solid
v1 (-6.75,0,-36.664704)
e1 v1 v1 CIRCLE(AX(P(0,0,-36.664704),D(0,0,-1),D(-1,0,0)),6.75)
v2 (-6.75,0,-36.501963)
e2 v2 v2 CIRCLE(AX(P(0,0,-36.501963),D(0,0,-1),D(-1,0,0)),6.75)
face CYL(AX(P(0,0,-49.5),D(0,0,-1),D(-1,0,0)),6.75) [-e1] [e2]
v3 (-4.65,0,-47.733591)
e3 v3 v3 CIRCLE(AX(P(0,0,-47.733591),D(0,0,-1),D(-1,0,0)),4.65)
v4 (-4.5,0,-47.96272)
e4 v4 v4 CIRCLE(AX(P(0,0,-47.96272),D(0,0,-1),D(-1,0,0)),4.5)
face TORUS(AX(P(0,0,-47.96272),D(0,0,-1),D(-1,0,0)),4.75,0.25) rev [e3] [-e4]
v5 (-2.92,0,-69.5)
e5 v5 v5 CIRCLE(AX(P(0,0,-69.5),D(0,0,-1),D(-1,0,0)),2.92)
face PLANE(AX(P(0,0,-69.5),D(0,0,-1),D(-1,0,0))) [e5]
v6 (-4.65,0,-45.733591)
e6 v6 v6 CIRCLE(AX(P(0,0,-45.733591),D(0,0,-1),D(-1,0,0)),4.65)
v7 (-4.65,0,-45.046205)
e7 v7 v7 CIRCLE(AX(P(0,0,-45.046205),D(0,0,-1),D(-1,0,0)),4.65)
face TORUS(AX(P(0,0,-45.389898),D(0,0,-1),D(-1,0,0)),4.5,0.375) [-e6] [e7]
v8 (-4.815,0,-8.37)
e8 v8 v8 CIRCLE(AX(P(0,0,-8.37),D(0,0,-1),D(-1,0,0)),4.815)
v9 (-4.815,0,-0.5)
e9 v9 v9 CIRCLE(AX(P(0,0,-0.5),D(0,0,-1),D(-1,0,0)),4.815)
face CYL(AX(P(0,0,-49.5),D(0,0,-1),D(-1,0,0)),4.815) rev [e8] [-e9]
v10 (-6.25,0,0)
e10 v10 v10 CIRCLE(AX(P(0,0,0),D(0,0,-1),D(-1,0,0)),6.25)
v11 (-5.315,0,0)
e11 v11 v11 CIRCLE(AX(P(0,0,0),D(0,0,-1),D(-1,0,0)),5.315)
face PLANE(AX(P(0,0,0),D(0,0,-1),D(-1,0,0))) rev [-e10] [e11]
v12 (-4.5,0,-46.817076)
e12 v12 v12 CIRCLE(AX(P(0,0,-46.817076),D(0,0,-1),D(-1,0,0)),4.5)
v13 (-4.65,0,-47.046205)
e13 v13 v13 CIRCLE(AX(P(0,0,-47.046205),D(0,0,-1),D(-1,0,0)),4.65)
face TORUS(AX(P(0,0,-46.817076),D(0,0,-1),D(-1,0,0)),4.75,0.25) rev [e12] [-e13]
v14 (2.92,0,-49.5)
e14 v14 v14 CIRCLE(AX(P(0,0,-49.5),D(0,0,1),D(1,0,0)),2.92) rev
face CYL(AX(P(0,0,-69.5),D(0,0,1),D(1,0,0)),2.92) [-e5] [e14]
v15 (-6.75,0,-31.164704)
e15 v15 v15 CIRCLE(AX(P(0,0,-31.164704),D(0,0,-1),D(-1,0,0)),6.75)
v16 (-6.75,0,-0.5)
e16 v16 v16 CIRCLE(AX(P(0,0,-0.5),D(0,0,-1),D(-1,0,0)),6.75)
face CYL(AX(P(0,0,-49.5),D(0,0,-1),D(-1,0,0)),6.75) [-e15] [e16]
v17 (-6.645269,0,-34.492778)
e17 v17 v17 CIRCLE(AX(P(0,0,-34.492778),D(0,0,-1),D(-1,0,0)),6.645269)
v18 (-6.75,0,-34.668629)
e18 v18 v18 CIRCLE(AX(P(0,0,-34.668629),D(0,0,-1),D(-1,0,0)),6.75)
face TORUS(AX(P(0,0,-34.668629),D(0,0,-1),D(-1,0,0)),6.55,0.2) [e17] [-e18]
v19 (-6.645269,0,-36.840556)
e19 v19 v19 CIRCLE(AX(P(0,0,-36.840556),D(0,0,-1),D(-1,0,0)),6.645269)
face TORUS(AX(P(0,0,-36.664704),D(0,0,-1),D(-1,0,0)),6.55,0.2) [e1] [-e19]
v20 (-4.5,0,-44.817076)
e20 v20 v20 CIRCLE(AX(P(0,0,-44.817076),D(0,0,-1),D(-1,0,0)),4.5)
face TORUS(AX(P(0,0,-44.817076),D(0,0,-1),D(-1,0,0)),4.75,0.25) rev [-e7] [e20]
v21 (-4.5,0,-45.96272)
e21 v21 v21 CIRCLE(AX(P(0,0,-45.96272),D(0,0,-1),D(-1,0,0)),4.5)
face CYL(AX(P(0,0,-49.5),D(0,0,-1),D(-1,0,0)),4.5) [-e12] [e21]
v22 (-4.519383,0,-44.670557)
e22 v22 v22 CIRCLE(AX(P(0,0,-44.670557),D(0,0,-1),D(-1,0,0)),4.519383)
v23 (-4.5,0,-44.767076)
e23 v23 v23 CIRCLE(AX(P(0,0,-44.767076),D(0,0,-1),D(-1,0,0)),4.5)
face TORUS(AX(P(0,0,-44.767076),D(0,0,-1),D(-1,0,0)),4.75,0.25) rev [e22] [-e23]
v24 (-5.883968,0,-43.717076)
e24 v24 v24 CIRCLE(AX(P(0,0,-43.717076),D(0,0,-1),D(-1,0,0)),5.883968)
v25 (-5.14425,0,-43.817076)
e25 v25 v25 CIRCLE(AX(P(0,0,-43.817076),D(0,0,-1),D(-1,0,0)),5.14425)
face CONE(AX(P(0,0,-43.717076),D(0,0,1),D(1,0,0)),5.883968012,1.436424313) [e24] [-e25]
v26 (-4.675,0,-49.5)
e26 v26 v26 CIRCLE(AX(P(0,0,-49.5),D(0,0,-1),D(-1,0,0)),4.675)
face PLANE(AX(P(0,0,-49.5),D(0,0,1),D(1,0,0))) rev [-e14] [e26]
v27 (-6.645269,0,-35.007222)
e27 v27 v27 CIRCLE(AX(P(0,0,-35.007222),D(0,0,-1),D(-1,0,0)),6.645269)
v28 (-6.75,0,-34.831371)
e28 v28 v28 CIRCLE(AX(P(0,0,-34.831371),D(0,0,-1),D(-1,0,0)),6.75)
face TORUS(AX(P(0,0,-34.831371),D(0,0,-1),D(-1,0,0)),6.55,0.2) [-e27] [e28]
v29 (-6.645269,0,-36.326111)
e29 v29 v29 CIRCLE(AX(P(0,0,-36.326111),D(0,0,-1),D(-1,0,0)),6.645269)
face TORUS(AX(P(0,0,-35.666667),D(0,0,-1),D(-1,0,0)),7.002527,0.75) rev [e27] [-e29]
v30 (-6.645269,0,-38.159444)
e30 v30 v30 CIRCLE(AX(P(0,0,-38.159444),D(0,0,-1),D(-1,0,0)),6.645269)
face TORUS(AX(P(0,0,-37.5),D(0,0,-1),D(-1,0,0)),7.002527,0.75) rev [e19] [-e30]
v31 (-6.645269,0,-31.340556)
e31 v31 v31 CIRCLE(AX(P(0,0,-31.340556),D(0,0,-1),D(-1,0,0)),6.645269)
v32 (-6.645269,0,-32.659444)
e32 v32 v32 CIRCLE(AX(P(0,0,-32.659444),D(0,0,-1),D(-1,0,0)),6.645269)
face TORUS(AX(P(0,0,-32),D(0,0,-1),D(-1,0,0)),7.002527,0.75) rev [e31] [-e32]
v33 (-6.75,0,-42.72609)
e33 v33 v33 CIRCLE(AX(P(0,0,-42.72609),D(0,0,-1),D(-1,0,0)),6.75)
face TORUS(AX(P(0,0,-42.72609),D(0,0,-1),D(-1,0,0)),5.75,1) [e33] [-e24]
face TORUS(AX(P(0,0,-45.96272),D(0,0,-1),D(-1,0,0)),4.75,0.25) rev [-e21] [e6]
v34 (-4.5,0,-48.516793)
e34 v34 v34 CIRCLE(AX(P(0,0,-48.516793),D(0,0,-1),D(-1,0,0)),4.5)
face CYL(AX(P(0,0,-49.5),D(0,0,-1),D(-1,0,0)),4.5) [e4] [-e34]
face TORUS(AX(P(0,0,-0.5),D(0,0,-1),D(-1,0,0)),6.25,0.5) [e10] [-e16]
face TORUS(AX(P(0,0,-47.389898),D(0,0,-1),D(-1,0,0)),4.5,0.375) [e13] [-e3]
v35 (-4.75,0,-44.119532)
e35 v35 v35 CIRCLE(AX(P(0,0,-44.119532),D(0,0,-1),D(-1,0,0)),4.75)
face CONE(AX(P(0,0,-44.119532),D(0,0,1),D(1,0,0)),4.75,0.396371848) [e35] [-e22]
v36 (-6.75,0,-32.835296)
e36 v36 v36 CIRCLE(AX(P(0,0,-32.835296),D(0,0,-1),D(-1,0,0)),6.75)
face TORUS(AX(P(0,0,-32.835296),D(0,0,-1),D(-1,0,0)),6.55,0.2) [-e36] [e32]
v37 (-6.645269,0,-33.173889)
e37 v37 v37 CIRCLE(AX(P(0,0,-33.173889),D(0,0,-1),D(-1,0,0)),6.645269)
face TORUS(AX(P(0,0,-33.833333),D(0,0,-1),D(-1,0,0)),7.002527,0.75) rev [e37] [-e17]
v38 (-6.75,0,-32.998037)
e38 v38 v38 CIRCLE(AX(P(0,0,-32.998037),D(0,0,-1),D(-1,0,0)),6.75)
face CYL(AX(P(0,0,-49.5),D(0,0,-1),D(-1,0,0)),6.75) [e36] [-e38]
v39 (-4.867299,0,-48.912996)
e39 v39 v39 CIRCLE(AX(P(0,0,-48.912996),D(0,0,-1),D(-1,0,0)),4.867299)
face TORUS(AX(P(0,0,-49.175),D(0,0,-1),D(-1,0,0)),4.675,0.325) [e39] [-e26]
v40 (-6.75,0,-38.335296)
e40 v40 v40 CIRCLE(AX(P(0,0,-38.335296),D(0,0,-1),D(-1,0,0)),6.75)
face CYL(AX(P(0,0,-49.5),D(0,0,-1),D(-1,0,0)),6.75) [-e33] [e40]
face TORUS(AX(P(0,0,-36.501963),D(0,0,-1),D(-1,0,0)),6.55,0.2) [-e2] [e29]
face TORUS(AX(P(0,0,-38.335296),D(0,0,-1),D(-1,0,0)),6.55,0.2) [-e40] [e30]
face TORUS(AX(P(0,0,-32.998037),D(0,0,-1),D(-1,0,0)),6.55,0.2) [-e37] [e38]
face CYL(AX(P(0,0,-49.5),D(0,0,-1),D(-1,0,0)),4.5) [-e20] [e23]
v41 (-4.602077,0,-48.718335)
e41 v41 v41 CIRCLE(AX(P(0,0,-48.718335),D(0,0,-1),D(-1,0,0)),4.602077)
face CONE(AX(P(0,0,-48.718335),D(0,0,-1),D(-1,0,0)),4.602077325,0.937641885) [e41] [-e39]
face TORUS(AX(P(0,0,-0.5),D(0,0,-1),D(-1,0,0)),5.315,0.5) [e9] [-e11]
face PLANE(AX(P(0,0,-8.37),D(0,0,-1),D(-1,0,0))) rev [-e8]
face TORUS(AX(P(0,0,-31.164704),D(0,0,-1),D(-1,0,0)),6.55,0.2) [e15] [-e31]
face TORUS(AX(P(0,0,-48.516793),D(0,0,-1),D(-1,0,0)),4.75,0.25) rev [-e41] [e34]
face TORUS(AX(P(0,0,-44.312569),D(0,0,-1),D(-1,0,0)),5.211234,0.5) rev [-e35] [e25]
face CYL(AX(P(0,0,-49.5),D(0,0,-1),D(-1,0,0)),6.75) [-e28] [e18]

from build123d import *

# Parameters (mm, degrees)
SKETCH2_R           = 2.92
BOSS_EXTRUDE1_DEPTH = 20


with BuildPart() as part:
    # Sketch1 → Revolve1 (revolve)
    with BuildSketch(Plane(origin=(0, 0, 0), x_dir=(0, 0, -1), z_dir=(1, 0, 0)), mode=Mode.PRIVATE) as revolve1_sk:
        with BuildLine():
            Line((0, 6.25), (0, 5.315))
            ThreePointArc((0, 5.315), (0.146446609, 4.961446609), (0.5, 4.815))
            Line((0.5, 4.815), (8.37, 4.815))
            Line((8.37, 4.815), (8.37, 0))
            Line((8.37, 0), (49.5, 0))
            Line((49.5, 0), (49.5, 4.675))
            ThreePointArc((49.5, 4.675), (49.276177603, 4.983849628), (48.912996353, 4.867299477))
            Line((48.912996353, 4.867299477), (48.718334631, 4.602077325))
            ThreePointArc((48.718334631, 4.602077325), (48.629752054, 4.526974588), (48.516793364, 4.5))
            Line((48.516793364, 4.5), (47.96271987, 4.5))
            ThreePointArc((47.96271987, 4.5), (47.825789231, 4.540834993), (47.733591085, 4.65))
            ThreePointArc((47.733591085, 4.65), (47.389897908, 4.875), (47.046204731, 4.65))
            ThreePointArc((47.046204731, 4.65), (46.954006586, 4.540834993), (46.817075946, 4.5))
            Line((46.817075946, 4.5), (45.96271987, 4.5))
            ThreePointArc((45.96271987, 4.5), (45.825789231, 4.540834993), (45.733591085, 4.65))
            ThreePointArc((45.733591085, 4.65), (45.389897908, 4.875), (45.046204731, 4.65))
            ThreePointArc((45.046204731, 4.65), (44.954006586, 4.540834993), (44.817075946, 4.5))
            Line((44.817075946, 4.5), (44.767075946, 4.5))
            ThreePointArc((44.767075946, 4.5), (44.717853174, 4.504893658), (44.670557437, 4.519383051))
            Line((44.670557437, 4.519383051), (44.119531756, 4.75))
            ThreePointArc((44.119531756, 4.75), (43.9158616, 4.906892942), (43.817075946, 5.144249893))
            Line((43.817075946, 5.144249893), (43.717075946, 5.883968012))
            ThreePointArc((43.717075946, 5.883968012), (43.384129798, 6.502983403), (42.72609029, 6.75))
            Line((42.72609029, 6.75), (38.335296139, 6.75))
            ThreePointArc((38.335296139, 6.75), (38.23295786, 6.721833864), (38.15944432, 6.645268766))
            ThreePointArc((38.15944432, 6.645268766), (37.5, 6.252526641), (36.84055568, 6.645268766))
            ThreePointArc((36.84055568, 6.645268766), (36.76704214, 6.721833864), (36.664703861, 6.75))
            Line((36.664703861, 6.75), (36.501962805, 6.75))
            ThreePointArc((36.501962805, 6.75), (36.399624526, 6.721833864), (36.326110987, 6.645268766))
            ThreePointArc((36.326110987, 6.645268766), (35.666666667, 6.252526641), (35.007222347, 6.645268766))
            ThreePointArc((35.007222347, 6.645268766), (34.933708807, 6.721833864), (34.831370528, 6.75))
            Line((34.831370528, 6.75), (34.668629472, 6.75))
            ThreePointArc((34.668629472, 6.75), (34.566291193, 6.721833864), (34.492777653, 6.645268766))
            ThreePointArc((34.492777653, 6.645268766), (33.833333333, 6.252526641), (33.173889013, 6.645268766))
            ThreePointArc((33.173889013, 6.645268766), (33.100375474, 6.721833864), (32.998037195, 6.75))
            Line((32.998037195, 6.75), (32.835296139, 6.75))
            ThreePointArc((32.835296139, 6.75), (32.73295786, 6.721833864), (32.65944432, 6.645268766))
            ThreePointArc((32.65944432, 6.645268766), (32, 6.252526641), (31.34055568, 6.645268766))
            ThreePointArc((31.34055568, 6.645268766), (31.26704214, 6.721833864), (31.164703861, 6.75))
            Line((31.164703861, 6.75), (0.5, 6.75))
            ThreePointArc((0.5, 6.75), (0.146446609, 6.603553391), (0, 6.25))
        make_face()
    revolve(revolve1_sk.sketch.rotate(Axis((0, 0, -49.5), (0, 0, 1)), 90), axis=Axis((0, 0, -49.5), (0, 0, 1)))

    # Sketch2 → Boss-Extrude1 (add)
    with BuildSketch(Plane(origin=(0, 0, -49.5), x_dir=(-1, 0, 0), z_dir=(0, 0, -1))):
        with Locations(Location((0, 0, 0), (0, 0, 180))):
            Circle(SKETCH2_R)
    extrude(amount=BOSS_EXTRUDE1_DEPTH)


solid = part.part
